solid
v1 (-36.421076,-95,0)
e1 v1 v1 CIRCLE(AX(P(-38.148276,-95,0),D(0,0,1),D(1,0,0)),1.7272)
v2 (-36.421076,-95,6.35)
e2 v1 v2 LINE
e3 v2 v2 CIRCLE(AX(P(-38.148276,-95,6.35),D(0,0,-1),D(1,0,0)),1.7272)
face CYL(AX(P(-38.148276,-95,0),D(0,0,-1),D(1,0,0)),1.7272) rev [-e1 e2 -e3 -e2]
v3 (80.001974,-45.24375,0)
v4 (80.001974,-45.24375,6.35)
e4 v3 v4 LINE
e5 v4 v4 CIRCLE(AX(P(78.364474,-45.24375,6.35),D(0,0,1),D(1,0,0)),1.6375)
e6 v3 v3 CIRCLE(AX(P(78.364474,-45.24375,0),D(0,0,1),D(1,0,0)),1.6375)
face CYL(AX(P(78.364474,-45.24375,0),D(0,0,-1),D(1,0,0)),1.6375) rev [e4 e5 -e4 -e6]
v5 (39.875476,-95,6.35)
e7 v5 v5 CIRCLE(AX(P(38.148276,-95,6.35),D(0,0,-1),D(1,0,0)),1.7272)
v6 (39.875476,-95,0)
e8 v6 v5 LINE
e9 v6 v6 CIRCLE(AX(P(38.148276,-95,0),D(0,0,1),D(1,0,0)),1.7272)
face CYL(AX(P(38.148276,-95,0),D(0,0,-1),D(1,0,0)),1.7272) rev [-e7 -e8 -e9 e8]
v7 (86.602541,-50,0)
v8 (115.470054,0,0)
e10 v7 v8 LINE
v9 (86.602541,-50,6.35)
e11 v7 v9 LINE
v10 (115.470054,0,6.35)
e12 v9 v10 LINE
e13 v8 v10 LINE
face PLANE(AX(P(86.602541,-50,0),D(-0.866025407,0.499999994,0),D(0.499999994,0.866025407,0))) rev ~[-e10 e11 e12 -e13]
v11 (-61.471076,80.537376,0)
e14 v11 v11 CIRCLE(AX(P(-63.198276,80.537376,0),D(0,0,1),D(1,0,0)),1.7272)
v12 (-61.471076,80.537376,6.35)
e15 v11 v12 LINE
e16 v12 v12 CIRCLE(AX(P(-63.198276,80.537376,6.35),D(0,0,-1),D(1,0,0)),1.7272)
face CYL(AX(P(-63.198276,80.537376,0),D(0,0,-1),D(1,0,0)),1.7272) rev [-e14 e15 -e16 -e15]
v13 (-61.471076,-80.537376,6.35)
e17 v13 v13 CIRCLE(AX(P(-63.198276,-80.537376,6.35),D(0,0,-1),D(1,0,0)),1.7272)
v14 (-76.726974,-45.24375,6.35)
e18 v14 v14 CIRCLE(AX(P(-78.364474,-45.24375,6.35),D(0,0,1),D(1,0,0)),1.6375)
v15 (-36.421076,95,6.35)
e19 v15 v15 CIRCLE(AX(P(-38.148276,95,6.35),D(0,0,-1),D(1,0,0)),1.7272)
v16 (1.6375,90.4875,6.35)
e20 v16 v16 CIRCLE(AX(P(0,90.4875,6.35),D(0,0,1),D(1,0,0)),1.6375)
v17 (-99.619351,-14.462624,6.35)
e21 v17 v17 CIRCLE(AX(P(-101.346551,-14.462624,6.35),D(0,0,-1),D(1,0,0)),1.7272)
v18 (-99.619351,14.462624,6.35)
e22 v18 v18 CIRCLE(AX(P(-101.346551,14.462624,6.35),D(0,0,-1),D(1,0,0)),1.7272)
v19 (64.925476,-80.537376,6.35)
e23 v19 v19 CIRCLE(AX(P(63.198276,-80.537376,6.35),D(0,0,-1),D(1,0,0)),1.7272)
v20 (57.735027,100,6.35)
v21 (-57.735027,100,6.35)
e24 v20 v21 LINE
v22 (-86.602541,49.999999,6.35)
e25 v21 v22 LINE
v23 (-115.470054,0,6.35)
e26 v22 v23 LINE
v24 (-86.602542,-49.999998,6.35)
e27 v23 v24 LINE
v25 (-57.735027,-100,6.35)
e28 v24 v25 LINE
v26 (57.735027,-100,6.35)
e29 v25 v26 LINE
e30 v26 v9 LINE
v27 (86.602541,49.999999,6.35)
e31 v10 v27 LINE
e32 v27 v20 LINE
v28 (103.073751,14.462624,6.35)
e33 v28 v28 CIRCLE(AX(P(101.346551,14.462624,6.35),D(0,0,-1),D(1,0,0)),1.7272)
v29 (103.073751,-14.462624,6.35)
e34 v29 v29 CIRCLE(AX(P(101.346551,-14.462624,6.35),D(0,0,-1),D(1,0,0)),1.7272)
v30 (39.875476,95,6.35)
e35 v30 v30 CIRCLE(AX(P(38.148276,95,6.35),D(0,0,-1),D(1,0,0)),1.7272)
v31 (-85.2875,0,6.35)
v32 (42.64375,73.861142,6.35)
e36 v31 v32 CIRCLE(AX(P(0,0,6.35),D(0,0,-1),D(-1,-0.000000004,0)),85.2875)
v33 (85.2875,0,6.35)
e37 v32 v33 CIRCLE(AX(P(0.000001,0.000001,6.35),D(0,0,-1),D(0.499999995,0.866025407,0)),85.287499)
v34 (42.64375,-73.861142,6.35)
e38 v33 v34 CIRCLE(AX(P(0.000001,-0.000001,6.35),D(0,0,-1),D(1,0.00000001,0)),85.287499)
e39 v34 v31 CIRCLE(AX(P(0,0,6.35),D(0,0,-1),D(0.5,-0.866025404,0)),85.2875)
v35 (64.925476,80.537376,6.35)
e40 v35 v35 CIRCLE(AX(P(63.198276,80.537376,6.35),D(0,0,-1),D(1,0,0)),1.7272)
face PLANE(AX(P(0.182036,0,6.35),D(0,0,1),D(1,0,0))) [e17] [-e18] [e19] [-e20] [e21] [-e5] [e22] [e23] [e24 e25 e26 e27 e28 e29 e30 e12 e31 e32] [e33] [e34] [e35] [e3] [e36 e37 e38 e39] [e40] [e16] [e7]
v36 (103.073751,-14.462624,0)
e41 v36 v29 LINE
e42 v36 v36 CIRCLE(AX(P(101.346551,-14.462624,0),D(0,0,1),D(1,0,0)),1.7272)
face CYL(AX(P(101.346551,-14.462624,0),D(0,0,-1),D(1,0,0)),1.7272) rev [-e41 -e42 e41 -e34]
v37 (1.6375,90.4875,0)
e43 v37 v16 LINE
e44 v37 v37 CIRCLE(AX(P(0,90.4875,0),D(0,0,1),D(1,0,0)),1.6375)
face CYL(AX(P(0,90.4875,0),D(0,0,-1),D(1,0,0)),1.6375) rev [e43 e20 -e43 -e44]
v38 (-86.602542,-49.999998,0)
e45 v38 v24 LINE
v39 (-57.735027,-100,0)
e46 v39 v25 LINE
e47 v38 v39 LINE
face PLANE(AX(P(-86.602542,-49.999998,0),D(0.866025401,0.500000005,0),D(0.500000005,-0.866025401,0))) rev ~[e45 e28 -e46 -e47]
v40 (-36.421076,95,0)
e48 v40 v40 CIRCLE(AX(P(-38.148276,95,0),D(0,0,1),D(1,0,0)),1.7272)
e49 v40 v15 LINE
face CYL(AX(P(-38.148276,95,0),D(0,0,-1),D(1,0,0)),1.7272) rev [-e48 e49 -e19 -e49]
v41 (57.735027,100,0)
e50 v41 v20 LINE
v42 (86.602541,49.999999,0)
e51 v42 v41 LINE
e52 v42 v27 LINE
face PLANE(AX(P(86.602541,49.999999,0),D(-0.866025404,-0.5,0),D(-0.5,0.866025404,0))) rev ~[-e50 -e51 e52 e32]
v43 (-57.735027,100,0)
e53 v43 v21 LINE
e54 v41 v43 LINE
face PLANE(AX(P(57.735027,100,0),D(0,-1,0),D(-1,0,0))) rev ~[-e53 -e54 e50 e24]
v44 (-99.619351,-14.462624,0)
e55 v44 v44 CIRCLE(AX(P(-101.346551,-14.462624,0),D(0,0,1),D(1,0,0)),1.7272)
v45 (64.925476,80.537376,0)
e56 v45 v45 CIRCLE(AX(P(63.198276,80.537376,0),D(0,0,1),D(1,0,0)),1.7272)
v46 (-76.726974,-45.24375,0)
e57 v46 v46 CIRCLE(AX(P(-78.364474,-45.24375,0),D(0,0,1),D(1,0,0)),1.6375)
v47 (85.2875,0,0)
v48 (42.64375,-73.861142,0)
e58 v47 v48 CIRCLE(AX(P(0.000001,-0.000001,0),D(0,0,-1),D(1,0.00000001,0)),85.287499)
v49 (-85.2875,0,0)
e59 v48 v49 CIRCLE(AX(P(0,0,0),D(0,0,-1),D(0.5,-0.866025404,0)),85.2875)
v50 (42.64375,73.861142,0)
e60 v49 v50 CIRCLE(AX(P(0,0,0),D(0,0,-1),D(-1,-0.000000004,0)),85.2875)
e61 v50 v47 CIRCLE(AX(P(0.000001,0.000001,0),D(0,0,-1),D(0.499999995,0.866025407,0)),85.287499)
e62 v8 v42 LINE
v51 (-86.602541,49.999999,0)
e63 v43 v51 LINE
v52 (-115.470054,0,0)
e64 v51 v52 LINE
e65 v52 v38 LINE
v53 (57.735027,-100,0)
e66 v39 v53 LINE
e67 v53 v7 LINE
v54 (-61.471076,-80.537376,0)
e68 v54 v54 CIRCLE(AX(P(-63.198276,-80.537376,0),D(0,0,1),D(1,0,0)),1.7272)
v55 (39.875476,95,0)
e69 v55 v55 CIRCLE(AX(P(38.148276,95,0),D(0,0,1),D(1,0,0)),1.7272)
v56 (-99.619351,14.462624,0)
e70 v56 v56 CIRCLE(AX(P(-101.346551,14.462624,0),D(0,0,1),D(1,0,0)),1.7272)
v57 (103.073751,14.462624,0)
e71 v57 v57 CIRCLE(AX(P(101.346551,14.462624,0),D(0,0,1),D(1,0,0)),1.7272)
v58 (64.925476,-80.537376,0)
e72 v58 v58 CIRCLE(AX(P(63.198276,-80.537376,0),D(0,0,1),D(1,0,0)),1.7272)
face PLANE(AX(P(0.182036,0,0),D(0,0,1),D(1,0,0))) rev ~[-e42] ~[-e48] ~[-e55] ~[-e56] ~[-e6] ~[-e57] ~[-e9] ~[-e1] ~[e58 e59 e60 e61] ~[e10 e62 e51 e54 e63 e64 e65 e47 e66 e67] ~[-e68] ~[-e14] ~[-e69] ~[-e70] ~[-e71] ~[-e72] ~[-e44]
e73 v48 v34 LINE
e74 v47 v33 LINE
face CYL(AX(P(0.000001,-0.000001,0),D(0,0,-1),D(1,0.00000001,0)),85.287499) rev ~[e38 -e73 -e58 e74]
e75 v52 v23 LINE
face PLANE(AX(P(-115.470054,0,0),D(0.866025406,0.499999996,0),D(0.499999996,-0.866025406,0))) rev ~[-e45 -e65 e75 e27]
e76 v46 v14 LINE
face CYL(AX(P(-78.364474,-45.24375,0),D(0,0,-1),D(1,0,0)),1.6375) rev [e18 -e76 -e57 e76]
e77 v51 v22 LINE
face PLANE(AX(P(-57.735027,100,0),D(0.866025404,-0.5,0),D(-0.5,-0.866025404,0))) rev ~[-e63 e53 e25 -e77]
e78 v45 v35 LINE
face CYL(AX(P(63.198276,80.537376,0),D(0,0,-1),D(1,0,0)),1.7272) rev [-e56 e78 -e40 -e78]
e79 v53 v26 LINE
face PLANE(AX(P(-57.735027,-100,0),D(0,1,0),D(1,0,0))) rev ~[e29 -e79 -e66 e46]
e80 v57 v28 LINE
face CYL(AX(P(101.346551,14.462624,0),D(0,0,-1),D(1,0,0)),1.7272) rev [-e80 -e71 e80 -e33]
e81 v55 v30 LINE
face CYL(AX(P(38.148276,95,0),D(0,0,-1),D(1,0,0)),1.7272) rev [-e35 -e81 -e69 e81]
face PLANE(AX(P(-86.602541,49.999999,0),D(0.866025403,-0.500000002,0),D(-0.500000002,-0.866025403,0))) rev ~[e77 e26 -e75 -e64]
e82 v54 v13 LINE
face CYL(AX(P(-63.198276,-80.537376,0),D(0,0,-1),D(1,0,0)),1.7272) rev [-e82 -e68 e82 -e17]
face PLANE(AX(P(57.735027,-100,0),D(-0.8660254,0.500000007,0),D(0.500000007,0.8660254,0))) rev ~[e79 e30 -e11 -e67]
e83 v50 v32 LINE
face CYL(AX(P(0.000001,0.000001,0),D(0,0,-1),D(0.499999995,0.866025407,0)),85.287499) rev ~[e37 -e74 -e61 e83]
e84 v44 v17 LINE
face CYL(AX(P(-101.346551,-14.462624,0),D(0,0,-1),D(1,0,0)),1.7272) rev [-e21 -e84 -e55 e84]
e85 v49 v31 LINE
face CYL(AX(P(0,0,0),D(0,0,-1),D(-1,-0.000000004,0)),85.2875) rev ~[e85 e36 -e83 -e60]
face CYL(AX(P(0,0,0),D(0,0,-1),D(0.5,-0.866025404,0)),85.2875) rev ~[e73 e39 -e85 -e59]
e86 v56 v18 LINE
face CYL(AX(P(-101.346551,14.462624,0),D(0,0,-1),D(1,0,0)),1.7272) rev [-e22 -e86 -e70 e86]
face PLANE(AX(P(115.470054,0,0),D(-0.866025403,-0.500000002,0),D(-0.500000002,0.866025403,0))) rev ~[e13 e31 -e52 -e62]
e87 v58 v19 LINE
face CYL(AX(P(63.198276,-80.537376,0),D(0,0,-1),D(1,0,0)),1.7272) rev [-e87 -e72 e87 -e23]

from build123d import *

# Parameters (mm, degrees)
F0_R     = 1.6375
F1_DEPTH = 6.35
F2_R     = 1.7272
F3_DEPTH = 25


with BuildPart() as f1:
    # F0 (on Top) → F1 (new body)
    with BuildSketch(Plane.XY):
        with BuildLine():
            ThreePointArc((86.602541, -50), (96.592583, -25.881904), (100, 0))
            ThreePointArc((100, 0), (96.592583, 25.881904), (86.602541, 49.999999))
            ThreePointArc((86.602541, 49.999999), (50.000001, 86.60254), (0, 100))
            ThreePointArc((0, 100), (-50.000001, 86.60254), (-86.602541, 49.999999))
            ThreePointArc((-86.602541, 49.999999), (-100, 1e-06), (-86.602542, -49.999998))
            ThreePointArc((-86.602542, -49.999998), (-50.000001, -86.60254), (0, -100))
            ThreePointArc((0, -100), (50, -86.60254), (86.602541, -50))
        make_face()
        with Locations((-78.364474, -45.24375)):
            Circle(F0_R, mode=Mode.SUBTRACT)
        with Locations((78.364474, -45.24375)):
            Circle(F0_R, mode=Mode.SUBTRACT)
        with BuildLine():
            ThreePointArc((42.64375, 73.861142), (73.861142, 42.64375), (85.2875, 0))
            ThreePointArc((85.2875, 0), (73.861142, -42.64375), (42.64375, -73.861142))
            ThreePointArc((42.64375, -73.861142), (-42.64375, -73.861142), (-85.2875, 0))
            ThreePointArc((-85.2875, 0), (-42.64375, 73.861142), (42.64375, 73.861142))
        make_face(mode=Mode.SUBTRACT)
        with Locations((0, 90.4875)):
            Circle(F0_R, mode=Mode.SUBTRACT)
        with BuildLine():
            ThreePointArc((86.602541, 49.999999), (96.592583, 25.881904), (100, 0))
            ThreePointArc((100, 0), (96.592583, -25.881904), (86.602541, -50))
            Line((86.602541, -50), (115.470054, 0))
            Line((115.470054, 0), (86.602541, 49.999999))
        make_face()
        with BuildLine():
            ThreePointArc((0, 100), (50.000001, 86.60254), (86.602541, 49.999999))
            Line((86.602541, 49.999999), (57.735027, 100))
            Line((57.735027, 100), (0, 100))
        make_face()
        with BuildLine():
            Line((57.735027, -100), (86.602541, -50))
            ThreePointArc((86.602541, -50), (50, -86.60254), (0, -100))
            Line((0, -100), (57.735027, -100))
        make_face()
        with BuildLine():
            ThreePointArc((-86.602541, 49.999999), (-50.000001, 86.60254), (0, 100))
            Line((0, 100), (-57.735027, 100))
            Line((-57.735027, 100), (-86.602541, 49.999999))
        make_face()
        with BuildLine():
            Line((-57.735027, -100), (0, -100))
            ThreePointArc((0, -100), (-50.000001, -86.60254), (-86.602542, -49.999998))
            Line((-86.602542, -49.999998), (-57.735027, -100))
        make_face()
        with BuildLine():
            ThreePointArc((-86.602542, -49.999998), (-100, 1e-06), (-86.602541, 49.999999))
            Line((-86.602541, 49.999999), (-115.470054, 0))
            Line((-115.470054, 0), (-86.602542, -49.999998))
        make_face()
    extrude(amount=F1_DEPTH)

    # F2 (on Top) → F3 (cut)
    with BuildSketch(Plane.XY):
        with Locations((38.148276, 95)):
            Circle(F2_R)
        with Locations((-38.148276, 95)):
            Circle(F2_R)
        with Locations((-63.198276, 80.537376)):
            Circle(F2_R)
        with Locations((-101.346551, 14.462624)):
            Circle(F2_R)
        with Locations((-101.346551, -14.462624)):
            Circle(F2_R)
        with Locations((-63.198276, -80.537376)):
            Circle(F2_R)
        with Locations((-38.148276, -95)):
            Circle(F2_R)
        with Locations((38.148276, -95)):
            Circle(F2_R)
        with Locations((63.198276, -80.537376)):
            Circle(F2_R)
        with Locations((101.346551, -14.462624)):
            Circle(F2_R)
        with Locations((101.346551, 14.462624)):
            Circle(F2_R)
        with Locations((63.198276, 80.537376)):
            Circle(F2_R)
    extrude(amount=F3_DEPTH, mode=Mode.SUBTRACT)


solid = f1.part
